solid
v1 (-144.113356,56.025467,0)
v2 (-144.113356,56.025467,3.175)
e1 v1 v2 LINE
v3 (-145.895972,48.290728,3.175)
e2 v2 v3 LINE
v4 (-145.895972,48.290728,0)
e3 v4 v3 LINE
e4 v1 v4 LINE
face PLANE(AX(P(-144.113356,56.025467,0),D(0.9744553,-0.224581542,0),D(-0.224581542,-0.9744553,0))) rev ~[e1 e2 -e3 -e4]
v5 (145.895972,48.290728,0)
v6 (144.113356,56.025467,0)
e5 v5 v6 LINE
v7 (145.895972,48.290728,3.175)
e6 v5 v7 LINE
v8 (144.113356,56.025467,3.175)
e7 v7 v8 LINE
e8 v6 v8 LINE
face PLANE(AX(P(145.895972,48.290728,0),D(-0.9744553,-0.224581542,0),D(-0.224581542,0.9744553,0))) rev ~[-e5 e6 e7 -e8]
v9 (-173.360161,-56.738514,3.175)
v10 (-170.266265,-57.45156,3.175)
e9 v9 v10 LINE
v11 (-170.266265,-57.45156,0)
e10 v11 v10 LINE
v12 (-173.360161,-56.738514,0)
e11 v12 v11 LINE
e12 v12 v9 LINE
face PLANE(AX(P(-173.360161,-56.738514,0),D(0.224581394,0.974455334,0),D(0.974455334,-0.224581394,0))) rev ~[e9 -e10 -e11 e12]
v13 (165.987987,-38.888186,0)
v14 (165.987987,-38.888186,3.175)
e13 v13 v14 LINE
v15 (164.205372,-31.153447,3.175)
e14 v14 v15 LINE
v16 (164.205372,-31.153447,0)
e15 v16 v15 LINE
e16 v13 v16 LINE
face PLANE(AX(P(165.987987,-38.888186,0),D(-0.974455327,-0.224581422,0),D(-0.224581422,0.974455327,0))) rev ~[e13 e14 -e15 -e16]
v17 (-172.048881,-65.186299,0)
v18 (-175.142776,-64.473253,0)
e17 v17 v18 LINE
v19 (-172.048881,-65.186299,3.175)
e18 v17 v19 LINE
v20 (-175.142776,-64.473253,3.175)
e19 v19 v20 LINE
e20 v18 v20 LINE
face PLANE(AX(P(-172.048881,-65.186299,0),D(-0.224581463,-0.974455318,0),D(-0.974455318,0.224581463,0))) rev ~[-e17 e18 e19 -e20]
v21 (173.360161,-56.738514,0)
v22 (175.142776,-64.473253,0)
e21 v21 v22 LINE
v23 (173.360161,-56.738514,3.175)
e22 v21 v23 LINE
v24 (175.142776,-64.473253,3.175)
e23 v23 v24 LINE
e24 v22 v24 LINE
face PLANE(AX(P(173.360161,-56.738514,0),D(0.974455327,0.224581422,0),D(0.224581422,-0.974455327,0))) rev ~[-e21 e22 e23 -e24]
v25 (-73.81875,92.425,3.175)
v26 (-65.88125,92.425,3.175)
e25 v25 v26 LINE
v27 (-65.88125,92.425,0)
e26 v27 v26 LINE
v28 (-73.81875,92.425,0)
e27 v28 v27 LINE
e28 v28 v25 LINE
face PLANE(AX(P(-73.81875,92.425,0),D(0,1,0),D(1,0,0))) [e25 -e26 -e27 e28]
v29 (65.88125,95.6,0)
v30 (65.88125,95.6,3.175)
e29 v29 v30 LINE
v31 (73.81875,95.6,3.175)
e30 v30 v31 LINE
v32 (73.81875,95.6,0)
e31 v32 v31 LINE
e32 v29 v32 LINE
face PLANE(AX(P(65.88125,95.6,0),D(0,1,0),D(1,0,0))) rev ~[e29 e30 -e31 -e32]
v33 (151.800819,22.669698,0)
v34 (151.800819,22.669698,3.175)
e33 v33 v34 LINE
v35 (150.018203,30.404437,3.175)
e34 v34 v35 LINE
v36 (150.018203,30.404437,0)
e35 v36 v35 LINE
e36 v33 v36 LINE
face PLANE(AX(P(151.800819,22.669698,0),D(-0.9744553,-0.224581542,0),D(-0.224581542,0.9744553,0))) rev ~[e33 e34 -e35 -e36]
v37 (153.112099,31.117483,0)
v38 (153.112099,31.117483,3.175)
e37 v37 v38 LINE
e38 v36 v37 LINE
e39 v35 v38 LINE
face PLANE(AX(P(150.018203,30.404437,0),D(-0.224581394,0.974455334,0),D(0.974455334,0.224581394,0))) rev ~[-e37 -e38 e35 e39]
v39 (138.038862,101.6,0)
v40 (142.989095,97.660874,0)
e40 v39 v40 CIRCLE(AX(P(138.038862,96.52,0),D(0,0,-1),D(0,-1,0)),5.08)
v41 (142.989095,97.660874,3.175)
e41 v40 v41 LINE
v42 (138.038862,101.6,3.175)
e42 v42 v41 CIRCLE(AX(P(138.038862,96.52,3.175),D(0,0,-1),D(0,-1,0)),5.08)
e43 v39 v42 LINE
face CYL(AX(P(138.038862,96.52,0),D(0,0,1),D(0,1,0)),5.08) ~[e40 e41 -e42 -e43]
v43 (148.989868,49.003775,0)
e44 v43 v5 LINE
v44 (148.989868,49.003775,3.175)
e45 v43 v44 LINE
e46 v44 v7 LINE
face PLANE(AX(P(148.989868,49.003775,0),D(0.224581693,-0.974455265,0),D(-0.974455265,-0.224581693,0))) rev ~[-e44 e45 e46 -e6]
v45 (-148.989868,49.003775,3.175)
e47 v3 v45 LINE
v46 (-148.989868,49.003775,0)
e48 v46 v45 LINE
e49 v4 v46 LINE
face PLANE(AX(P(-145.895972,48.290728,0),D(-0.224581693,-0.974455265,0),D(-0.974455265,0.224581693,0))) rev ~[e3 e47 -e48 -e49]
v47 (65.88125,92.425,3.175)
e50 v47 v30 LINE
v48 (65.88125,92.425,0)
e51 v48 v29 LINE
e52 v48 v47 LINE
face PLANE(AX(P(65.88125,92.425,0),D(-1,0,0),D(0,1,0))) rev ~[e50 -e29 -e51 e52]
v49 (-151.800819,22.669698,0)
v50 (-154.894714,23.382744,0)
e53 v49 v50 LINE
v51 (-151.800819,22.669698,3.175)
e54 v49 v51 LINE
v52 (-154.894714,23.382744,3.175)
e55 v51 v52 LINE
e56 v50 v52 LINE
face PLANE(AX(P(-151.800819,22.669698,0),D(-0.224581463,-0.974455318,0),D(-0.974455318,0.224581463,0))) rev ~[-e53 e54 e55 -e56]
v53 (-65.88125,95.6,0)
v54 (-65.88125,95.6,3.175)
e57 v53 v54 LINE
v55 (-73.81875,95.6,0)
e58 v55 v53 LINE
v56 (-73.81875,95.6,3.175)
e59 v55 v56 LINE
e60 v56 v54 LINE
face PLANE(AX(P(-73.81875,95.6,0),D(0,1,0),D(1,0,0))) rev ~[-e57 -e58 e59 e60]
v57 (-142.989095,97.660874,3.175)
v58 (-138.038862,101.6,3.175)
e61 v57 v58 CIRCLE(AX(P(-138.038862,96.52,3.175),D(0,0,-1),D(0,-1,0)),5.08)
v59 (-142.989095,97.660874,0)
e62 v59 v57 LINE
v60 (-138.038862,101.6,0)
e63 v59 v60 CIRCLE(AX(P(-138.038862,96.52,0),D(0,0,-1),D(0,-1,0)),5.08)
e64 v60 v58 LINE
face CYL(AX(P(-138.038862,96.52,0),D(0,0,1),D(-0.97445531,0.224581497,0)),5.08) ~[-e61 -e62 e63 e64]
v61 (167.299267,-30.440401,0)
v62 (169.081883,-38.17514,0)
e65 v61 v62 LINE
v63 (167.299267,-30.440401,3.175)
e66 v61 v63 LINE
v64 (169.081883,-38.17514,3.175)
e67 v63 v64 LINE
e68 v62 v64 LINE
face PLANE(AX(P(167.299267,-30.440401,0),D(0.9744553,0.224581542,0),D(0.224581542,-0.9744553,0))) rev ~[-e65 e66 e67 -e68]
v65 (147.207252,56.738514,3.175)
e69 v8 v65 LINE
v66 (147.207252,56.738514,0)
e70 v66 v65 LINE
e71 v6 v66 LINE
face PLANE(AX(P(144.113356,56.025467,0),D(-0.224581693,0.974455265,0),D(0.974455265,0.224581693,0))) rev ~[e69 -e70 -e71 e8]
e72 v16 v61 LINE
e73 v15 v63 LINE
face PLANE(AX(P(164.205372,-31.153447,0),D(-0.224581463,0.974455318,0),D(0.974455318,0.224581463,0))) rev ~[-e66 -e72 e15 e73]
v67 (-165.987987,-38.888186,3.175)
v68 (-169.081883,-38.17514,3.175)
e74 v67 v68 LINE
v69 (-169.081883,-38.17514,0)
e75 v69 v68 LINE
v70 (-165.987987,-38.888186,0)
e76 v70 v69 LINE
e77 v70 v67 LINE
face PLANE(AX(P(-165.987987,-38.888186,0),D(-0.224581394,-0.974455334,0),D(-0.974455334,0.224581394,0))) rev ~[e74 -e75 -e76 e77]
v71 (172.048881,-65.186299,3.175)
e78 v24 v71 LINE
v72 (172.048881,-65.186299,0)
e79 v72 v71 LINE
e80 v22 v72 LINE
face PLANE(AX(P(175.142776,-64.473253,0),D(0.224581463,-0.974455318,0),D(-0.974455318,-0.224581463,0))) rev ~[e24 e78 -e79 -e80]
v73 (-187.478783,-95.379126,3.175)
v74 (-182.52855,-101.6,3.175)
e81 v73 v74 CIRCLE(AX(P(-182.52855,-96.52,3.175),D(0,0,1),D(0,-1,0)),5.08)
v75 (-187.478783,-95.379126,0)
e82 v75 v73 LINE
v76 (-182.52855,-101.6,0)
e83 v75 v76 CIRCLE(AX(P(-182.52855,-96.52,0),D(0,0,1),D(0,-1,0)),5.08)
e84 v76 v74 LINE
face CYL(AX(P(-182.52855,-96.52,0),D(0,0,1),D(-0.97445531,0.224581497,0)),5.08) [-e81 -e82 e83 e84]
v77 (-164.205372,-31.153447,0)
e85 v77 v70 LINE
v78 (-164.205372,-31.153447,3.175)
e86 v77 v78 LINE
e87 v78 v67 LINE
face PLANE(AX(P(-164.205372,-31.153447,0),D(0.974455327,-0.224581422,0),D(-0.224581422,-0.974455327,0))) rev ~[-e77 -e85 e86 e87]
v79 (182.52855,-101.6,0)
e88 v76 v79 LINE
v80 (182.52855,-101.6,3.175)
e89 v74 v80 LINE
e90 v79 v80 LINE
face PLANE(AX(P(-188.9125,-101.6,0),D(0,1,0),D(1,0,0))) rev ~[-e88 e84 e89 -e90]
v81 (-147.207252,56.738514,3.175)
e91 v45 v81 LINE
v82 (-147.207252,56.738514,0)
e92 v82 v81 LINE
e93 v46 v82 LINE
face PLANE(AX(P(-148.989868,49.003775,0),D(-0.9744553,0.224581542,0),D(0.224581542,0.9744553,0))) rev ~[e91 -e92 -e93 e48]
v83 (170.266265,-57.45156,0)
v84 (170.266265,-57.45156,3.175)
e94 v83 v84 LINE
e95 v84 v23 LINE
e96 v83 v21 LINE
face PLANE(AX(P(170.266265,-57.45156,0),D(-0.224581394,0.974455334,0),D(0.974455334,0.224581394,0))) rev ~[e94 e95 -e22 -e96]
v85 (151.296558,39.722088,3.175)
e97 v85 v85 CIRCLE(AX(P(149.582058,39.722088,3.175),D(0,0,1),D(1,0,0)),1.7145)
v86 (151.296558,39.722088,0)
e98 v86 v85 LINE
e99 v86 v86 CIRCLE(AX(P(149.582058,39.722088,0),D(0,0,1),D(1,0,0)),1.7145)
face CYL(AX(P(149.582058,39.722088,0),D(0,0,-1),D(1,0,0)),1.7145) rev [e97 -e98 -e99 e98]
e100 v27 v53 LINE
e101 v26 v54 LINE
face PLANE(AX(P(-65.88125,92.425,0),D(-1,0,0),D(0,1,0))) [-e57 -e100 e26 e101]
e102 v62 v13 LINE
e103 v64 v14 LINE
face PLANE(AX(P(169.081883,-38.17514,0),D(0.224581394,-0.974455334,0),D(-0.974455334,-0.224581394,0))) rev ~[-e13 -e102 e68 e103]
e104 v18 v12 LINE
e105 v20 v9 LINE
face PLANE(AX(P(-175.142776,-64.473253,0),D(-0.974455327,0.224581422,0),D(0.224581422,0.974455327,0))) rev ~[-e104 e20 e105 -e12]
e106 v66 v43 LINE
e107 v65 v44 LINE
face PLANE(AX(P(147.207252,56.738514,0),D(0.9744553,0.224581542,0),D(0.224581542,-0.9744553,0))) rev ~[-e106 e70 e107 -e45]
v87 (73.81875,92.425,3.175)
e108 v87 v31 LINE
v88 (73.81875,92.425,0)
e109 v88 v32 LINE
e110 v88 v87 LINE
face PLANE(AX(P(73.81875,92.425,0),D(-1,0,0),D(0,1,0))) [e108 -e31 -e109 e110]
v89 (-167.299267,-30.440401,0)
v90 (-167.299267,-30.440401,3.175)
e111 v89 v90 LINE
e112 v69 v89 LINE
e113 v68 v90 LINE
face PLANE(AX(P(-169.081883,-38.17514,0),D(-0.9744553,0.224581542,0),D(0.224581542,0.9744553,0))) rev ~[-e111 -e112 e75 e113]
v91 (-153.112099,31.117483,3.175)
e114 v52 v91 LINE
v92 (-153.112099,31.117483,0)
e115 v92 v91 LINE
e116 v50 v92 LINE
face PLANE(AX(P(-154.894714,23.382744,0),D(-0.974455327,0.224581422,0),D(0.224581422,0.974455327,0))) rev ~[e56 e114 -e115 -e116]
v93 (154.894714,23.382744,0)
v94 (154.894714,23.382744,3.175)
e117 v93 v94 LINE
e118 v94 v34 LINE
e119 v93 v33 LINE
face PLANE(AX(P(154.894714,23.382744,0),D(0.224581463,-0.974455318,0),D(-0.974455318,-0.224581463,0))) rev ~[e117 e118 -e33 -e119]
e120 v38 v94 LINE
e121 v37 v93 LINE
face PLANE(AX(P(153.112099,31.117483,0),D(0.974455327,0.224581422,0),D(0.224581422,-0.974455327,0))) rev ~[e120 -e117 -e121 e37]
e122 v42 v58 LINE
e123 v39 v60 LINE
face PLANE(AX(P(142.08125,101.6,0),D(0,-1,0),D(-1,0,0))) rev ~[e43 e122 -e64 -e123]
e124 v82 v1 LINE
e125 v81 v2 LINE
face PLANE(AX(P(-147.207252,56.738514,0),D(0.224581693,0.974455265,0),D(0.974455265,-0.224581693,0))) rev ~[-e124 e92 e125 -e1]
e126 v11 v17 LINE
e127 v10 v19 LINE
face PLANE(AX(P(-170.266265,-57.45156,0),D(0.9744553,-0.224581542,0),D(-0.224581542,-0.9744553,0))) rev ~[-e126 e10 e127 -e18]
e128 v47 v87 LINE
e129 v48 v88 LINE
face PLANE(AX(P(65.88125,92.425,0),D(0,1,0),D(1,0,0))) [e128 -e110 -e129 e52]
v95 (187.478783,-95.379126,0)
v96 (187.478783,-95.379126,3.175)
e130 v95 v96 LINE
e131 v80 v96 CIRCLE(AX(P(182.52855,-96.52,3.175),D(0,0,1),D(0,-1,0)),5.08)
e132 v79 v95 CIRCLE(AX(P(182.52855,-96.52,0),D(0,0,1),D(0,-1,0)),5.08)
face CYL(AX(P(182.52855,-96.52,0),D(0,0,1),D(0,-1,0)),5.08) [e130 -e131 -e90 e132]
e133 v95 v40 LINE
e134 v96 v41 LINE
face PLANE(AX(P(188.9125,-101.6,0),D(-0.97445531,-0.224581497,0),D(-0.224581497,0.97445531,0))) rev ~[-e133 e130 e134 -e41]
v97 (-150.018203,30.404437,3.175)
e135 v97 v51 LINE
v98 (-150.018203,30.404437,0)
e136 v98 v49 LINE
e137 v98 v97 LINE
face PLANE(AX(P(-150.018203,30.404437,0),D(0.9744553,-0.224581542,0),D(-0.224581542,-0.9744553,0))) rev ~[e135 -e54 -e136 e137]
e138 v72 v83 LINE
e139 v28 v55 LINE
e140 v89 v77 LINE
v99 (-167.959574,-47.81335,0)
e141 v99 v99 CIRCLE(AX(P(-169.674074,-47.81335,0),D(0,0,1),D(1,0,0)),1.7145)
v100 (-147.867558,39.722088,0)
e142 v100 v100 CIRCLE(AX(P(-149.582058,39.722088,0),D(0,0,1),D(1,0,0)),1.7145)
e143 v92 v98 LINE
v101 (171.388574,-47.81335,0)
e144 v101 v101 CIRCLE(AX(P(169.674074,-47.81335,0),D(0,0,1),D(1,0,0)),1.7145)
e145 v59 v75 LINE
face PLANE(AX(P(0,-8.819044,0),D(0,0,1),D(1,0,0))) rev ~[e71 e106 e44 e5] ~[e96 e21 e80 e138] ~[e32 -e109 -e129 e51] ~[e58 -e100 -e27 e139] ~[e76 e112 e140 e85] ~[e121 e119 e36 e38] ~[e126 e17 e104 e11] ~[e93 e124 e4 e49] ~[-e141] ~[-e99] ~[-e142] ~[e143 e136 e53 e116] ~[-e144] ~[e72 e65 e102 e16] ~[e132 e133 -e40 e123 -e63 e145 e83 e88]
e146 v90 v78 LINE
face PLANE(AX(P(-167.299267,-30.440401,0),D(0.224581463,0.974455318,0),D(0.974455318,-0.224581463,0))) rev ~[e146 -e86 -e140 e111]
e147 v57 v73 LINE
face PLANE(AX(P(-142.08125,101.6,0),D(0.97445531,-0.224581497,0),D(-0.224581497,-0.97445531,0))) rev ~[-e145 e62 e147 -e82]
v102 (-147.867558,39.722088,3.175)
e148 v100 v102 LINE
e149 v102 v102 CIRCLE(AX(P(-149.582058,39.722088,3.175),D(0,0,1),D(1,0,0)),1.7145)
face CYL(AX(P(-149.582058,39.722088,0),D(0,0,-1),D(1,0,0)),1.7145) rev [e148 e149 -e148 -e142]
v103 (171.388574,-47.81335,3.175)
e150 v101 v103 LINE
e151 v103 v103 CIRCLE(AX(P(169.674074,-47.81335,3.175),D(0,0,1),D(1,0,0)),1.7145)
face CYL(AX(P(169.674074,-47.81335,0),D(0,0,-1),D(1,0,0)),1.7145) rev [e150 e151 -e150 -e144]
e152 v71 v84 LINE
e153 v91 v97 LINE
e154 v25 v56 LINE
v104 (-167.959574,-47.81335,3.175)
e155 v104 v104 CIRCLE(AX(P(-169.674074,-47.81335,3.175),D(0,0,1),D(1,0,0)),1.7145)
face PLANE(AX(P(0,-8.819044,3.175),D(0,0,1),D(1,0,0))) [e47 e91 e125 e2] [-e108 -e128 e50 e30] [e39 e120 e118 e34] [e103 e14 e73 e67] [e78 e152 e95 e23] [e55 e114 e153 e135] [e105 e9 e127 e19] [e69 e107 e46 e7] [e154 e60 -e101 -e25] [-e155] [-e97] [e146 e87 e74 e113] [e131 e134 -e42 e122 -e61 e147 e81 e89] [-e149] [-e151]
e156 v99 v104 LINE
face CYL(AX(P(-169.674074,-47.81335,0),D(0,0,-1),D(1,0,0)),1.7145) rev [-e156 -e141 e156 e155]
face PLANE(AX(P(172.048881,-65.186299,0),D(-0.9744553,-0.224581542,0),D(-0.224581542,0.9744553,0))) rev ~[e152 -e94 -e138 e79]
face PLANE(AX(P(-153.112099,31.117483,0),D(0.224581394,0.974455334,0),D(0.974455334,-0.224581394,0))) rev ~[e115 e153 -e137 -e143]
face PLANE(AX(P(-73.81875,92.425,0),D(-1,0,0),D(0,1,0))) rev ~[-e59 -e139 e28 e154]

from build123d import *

# Parameters (mm, degrees)
F0_R     = 1.7145
F0_W     = 7.9375
F0_H     = 3.175
F1_DEPTH = 3.175
F2_R     = 5.08


with BuildPart() as f1:
    # F0 (on Top) → F1 (new body)
    with BuildSketch(Plane.XY):
        Polygon((-142.08125, 101.6), (-188.9125, -101.6), (188.9125, -101.6), (142.08125, 101.6), align=None)
        Polygon((-172.048881, -65.186299), (-175.142776, -64.473253), (-173.360161, -56.738514), (-170.266265, -57.45156), align=None, mode=Mode.SUBTRACT)
        with Locations((-169.674074, -47.81335)):
            Circle(F0_R, mode=Mode.SUBTRACT)
        Polygon((-169.081883, -38.17514), (-167.299267, -30.440401), (-164.205372, -31.153447), (-165.987987, -38.888186), align=None, mode=Mode.SUBTRACT)
        Polygon((172.048881, -65.186299), (170.266265, -57.45156), (173.360161, -56.738514), (175.142776, -64.473253), align=None, mode=Mode.SUBTRACT)
        with Locations((169.674074, -47.81335)):
            Circle(F0_R, mode=Mode.SUBTRACT)
        Polygon((167.299267, -30.440401), (169.081883, -38.17514), (165.987987, -38.888186), (164.205372, -31.153447), align=None, mode=Mode.SUBTRACT)
        Polygon((-150.018203, 30.404437), (-151.800819, 22.669698), (-154.894714, 23.382744), (-153.112099, 31.117483), align=None, mode=Mode.SUBTRACT)
        with Locations((-149.582058, 39.722088)):
            Circle(F0_R, mode=Mode.SUBTRACT)
        Polygon((-145.895972, 48.290728), (-148.989868, 49.003775), (-147.207252, 56.738514), (-144.113356, 56.025467), align=None, mode=Mode.SUBTRACT)
        with Locations((-69.85, 94.0125)):
            Rectangle(F0_W, F0_H, mode=Mode.SUBTRACT)
        Polygon((150.018203, 30.404437), (153.112099, 31.117483), (154.894714, 23.382744), (151.800819, 22.669698), align=None, mode=Mode.SUBTRACT)
        with Locations((149.582058, 39.722088)):
            Circle(F0_R, mode=Mode.SUBTRACT)
        with Locations((69.85, 94.0125)):
            Rectangle(F0_W, F0_H, mode=Mode.SUBTRACT)
        Polygon((145.895972, 48.290728), (144.113356, 56.025467), (147.207252, 56.738514), (148.989868, 49.003775), align=None, mode=Mode.SUBTRACT)
    extrude(amount=F1_DEPTH)

    # F2
    f2_edges = [f1.edges().sort_by_distance(p)[0] for p in [
        (-142.08125, 101.6, 1.5875),
        (-188.9125, -101.6, 1.5875),
        (142.08125, 101.6, 1.5875),
        (188.9125, -101.6, 1.5875),
    ]]
    fillet(f2_edges, radius=F2_R)


solid = f1.part
